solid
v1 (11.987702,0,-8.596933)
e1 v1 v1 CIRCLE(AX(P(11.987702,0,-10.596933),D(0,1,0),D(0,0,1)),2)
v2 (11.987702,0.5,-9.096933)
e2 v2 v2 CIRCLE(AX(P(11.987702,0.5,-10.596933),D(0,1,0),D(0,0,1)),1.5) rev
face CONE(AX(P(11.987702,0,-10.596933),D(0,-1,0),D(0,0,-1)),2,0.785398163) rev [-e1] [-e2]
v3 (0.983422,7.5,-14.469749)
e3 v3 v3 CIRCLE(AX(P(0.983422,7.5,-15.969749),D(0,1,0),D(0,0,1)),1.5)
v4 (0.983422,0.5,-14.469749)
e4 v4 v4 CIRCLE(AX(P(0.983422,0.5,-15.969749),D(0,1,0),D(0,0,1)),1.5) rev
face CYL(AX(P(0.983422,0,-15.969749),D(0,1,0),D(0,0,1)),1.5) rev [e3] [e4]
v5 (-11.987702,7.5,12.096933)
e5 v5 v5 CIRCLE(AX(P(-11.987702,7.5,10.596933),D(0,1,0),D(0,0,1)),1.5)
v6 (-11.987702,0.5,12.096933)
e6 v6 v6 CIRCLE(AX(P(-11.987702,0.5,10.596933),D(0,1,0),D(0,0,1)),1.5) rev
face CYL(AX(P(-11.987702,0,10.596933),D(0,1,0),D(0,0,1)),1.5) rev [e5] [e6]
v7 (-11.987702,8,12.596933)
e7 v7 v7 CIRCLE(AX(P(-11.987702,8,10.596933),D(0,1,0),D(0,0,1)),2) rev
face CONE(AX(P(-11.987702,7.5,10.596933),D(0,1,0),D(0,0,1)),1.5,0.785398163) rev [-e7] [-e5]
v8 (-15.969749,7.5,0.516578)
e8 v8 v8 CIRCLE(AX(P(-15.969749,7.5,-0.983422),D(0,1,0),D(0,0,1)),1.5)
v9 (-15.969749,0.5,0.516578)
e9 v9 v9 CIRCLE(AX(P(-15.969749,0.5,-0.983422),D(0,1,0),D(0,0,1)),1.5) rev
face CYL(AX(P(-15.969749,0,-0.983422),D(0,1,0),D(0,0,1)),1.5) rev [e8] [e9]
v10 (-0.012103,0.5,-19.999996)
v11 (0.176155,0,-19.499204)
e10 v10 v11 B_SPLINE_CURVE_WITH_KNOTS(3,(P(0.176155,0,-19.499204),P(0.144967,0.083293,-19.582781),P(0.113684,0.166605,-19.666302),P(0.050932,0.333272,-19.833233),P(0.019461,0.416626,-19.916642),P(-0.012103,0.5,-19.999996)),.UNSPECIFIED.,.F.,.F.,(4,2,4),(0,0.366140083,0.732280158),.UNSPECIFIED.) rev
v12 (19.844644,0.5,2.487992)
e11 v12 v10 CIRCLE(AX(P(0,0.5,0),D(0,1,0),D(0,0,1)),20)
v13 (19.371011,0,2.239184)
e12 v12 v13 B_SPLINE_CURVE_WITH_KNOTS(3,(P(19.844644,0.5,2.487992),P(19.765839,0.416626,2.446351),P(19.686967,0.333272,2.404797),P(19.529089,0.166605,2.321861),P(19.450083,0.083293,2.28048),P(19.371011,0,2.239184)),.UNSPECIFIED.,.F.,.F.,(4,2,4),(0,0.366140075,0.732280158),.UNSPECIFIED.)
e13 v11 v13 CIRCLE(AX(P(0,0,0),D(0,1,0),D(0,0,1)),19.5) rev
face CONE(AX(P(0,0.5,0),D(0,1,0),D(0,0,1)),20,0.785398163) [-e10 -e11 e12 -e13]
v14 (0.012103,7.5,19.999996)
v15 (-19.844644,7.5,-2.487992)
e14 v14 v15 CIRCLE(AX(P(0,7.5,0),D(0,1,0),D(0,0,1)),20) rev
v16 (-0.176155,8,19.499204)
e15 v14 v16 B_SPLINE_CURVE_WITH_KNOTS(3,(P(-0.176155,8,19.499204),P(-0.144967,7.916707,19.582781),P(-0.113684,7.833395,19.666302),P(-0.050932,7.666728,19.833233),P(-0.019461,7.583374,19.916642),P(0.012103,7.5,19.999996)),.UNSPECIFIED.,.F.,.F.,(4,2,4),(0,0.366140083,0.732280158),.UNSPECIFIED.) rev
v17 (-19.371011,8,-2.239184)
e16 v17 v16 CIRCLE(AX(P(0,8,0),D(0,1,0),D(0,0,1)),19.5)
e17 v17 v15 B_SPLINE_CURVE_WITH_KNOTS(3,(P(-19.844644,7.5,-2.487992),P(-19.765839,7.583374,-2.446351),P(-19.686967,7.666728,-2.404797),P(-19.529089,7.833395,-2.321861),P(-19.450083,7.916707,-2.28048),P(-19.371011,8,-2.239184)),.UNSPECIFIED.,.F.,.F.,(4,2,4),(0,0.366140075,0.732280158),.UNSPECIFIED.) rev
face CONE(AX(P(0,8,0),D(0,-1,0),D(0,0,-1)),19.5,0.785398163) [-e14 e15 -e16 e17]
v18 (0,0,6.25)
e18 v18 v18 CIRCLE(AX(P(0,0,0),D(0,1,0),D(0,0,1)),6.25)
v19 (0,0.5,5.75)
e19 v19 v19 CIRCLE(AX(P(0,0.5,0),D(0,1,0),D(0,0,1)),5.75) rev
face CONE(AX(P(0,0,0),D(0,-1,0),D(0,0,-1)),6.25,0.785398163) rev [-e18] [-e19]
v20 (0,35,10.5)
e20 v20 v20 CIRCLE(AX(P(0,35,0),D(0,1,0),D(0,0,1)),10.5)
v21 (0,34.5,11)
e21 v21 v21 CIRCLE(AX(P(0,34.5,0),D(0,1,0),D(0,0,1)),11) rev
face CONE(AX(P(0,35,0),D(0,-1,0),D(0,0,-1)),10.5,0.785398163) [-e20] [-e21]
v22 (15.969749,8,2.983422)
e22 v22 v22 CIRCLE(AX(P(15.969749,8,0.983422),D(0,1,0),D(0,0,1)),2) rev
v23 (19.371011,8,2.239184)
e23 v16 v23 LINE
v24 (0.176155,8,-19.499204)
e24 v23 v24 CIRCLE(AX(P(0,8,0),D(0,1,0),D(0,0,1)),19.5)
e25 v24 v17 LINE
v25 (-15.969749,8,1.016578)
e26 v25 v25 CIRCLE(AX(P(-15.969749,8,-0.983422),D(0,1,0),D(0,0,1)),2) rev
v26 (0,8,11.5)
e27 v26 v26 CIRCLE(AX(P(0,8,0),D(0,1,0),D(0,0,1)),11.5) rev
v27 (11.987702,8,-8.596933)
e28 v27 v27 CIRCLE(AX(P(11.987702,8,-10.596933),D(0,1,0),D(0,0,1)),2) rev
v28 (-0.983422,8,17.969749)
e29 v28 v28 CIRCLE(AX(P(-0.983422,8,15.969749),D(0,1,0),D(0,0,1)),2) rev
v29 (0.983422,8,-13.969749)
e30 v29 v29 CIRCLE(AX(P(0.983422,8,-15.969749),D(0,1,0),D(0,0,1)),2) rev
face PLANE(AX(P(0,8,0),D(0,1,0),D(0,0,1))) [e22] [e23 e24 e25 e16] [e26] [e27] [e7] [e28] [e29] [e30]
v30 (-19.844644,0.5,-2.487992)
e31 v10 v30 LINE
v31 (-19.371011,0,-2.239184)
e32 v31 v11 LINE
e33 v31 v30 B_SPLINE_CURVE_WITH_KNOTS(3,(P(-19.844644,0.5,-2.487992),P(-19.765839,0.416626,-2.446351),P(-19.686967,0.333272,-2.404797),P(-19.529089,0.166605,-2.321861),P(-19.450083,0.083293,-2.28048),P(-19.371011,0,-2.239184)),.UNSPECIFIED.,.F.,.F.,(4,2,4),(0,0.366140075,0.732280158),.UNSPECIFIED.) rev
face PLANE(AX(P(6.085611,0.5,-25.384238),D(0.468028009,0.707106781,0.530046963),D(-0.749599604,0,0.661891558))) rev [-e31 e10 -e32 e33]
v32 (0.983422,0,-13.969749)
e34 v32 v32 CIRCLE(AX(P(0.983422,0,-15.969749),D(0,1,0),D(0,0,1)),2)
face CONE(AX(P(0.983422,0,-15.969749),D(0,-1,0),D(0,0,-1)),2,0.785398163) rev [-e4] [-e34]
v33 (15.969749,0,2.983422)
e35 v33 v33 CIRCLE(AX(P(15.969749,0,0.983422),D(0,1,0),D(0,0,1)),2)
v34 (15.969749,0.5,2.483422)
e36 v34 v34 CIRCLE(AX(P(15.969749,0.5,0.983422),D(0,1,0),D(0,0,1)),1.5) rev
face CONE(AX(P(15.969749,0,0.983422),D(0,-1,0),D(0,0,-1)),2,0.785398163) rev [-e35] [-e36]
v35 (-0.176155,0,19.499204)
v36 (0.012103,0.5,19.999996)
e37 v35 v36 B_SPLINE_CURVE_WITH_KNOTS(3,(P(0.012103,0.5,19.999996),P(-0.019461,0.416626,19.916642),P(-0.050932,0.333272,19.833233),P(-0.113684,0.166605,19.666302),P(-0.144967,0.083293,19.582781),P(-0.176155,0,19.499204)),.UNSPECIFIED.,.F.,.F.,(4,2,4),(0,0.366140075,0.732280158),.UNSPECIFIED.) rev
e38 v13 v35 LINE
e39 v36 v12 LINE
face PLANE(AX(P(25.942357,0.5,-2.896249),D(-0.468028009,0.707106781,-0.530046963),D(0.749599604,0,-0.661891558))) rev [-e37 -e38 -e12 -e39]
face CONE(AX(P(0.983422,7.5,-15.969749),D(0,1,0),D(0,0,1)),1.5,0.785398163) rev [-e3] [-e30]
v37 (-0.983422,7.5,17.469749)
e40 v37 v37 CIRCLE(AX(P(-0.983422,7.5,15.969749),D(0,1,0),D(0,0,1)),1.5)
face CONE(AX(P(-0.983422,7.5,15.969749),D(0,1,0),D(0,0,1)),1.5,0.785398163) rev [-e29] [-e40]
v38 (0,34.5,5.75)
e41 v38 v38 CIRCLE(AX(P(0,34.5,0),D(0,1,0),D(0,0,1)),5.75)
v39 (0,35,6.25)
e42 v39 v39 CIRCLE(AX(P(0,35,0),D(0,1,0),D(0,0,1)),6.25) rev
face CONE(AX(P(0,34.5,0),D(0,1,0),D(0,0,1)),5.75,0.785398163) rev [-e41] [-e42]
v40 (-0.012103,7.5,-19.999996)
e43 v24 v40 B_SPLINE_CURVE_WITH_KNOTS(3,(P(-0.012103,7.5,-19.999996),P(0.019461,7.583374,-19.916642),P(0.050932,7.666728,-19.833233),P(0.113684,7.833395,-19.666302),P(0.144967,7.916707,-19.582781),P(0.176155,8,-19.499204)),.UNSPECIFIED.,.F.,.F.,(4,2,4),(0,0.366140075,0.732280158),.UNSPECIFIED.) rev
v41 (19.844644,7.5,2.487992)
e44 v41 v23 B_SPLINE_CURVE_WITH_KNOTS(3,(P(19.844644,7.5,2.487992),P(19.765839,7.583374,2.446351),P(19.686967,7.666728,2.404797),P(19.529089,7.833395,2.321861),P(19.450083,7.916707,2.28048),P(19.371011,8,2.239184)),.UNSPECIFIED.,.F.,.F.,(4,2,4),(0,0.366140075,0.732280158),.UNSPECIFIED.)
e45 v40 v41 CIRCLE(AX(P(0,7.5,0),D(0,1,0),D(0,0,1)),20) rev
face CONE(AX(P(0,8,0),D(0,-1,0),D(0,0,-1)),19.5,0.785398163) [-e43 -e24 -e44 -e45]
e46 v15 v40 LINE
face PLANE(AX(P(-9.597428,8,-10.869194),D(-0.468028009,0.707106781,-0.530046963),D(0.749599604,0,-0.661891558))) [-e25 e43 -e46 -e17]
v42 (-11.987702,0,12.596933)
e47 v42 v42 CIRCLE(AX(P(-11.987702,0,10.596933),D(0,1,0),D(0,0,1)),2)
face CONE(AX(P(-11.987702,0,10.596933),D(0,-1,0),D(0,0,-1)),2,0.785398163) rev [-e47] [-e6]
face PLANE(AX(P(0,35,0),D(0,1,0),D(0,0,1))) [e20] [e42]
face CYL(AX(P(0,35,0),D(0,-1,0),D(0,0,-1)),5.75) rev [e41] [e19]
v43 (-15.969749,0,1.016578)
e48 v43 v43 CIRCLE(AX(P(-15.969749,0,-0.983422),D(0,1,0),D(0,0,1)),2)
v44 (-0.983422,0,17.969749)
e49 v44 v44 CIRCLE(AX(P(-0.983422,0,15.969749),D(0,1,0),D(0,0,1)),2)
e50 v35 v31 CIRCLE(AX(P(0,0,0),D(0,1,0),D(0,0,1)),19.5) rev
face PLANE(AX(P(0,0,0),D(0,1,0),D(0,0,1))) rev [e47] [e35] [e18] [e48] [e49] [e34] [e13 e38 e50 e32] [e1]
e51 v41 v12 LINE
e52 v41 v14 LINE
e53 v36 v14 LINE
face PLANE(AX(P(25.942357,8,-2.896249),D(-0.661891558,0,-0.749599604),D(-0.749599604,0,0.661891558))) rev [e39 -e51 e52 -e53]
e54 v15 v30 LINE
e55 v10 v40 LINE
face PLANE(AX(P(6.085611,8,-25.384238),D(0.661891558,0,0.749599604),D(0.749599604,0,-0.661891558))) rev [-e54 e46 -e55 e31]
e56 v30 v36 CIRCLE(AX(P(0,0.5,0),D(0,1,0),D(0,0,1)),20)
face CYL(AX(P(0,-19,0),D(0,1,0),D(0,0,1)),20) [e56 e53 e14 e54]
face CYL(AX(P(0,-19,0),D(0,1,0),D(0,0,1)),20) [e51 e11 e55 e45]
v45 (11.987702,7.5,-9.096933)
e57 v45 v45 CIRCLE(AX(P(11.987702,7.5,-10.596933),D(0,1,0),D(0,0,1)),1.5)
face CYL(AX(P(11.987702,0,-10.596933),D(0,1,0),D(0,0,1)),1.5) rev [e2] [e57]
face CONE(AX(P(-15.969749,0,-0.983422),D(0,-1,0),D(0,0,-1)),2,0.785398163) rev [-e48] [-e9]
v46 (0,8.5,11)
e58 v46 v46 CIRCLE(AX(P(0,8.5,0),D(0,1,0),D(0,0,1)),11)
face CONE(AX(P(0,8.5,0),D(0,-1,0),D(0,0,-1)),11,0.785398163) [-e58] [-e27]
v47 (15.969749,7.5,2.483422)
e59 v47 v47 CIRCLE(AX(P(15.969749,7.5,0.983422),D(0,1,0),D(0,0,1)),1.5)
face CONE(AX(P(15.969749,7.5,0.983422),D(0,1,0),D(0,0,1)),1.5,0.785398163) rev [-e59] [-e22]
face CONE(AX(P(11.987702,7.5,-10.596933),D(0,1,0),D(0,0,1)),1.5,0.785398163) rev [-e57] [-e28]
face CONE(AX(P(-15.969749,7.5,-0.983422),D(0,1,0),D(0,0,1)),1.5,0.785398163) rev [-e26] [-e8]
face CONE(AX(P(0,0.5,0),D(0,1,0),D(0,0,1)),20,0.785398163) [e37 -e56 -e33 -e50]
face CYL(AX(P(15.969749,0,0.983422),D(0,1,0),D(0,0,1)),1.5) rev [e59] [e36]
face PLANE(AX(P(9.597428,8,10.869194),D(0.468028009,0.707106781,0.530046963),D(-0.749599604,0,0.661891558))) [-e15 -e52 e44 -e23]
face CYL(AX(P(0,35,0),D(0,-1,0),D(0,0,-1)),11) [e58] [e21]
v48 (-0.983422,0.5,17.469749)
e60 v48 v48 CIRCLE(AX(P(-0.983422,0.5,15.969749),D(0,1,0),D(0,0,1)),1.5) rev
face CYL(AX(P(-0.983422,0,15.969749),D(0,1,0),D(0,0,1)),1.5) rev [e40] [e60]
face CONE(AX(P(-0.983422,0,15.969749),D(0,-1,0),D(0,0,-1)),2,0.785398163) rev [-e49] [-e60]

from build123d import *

# Parameters (mm, degrees)
EXTRUDE_1_DEPTH     = 8
SKETCH_2_R          = 11
SKETCH_2_R_2        = 5.75
EXTRUDE_2_DEPTH     = 27
CUT_EXTRUDE_START   = -27
SKETCH_3_R          = 5.75
CUT_EXTRUDE_1_DEPTH = 27
SKETCH_4_R          = 43.168143545
SKETCH_4_R_2        = 20
CUT_EXTRUDE_2_DEPTH = 27
SKETCH_5_R          = 1.5
CUT_EXTRUDE_3_DEPTH = 40.102429592
CHAMFER_1_SIZE      = 0.5


with BuildPart() as part:
    # 草图1 → 凸台-拉伸1 (new body)
    with BuildSketch(Plane(origin=(0, 0, 0), x_dir=(1, 0, 0), z_dir=(0, 1, 0))):
        with BuildLine():
            Line((6.085610762, 25.384237528), (-25.942357498, -2.896249422))
            ThreePointArc((-25.942357498, -2.896249422), (-19.567194229, -17.277704803), (-6.085610762, -25.384237528))
            Line((-6.085610762, -25.384237528), (25.942357498, 2.896249422))
            ThreePointArc((25.942357498, 2.896249422), (19.567194229, 17.277704803), (6.085610762, 25.384237528))
        make_face()
    extrude(amount=EXTRUDE_1_DEPTH)

    # 草图2 → 凸台-拉伸2 (add)
    with BuildSketch(Plane(origin=(0, 8, 0), x_dir=(1, 0, 0), z_dir=(0, 1, 0))):
        with Locations(Location((0, 0, 0), (0, 0, 270))):
            Circle(SKETCH_2_R)
        with Locations(Location((0, 0, 0), (0, 0, 270))):
            Circle(SKETCH_2_R_2, mode=Mode.SUBTRACT)
    extrude(amount=EXTRUDE_2_DEPTH)

    # 草图3 → 切除-拉伸1 (cut)
    with BuildSketch(Plane(origin=(0, 8, 0), x_dir=(1, 0, 0), z_dir=(0, 1, 0)).offset(CUT_EXTRUDE_START)):
        with Locations(Location((0, 0, 0), (0, 0, 270))):
            Circle(SKETCH_3_R)
    extrude(amount=CUT_EXTRUDE_1_DEPTH, mode=Mode.SUBTRACT)

    # 草图4 → 切除-拉伸2 (cut)
    with BuildSketch(Plane(origin=(0, 8, 0), x_dir=(1, 0, 0), z_dir=(0, 1, 0))):
        Circle(SKETCH_4_R)
        Circle(SKETCH_4_R_2, mode=Mode.SUBTRACT)
    extrude(amount=-CUT_EXTRUDE_2_DEPTH, mode=Mode.SUBTRACT)

    # 草图5 → 切除-拉伸3 (cut, through all)
    with BuildSketch(Plane(origin=(0, 8, 0), x_dir=(1, 0, 0), z_dir=(0, 1, 0))):
        with Locations(Location((0.983422311, 15.96974892, 0), (0, 0, 270))):
            Circle(SKETCH_5_R)
        with Locations(Location((11.98770234, 10.59693317, 0), (0, 0, 270))):
            Circle(SKETCH_5_R)
        with Locations(Location((15.96974892, -0.983422311, 0), (0, 0, 270))):
            Circle(SKETCH_5_R)
        with Locations(Location((-0.983422311, -15.96974892, 0), (0, 0, 270))):
            Circle(SKETCH_5_R)
        with Locations(Location((-11.98770234, -10.59693317, 0), (0, 0, 270))):
            Circle(SKETCH_5_R)
        with Locations(Location((-15.96974892, 0.983422311, 0), (0, 0, 270))):
            Circle(SKETCH_5_R)
    extrude(amount=-CUT_EXTRUDE_3_DEPTH, mode=Mode.SUBTRACT)

    # 倒角1
    chamfer_1_edges = [part.edges().sort_by_distance(p)[0] for p in [
        (0, 35, -11),
        (0, 8, -11),
        (0, 35, -5.75),
        (0, 0, -5.75),
        (9.928373368, 0, 11.243994053),
        (-9.928373368, 0, -11.243994053),
        (-14.991992071, 0, 13.237831157),
        (14.991992071, 0, -13.237831157),
        (9.928373368, 8, 11.243994053),
        (-9.928373368, 8, -11.243994053),
        (14.991992071, 8, -13.237831157),
        (-14.991992071, 8, 13.237831157),
        (0.983422311, 0, -17.46974892),
        (0.983422311, 8, -17.46974892),
        (11.98770234, 0, -12.09693317),
        (11.98770234, 8, -12.09693317),
        (15.96974892, 0, -0.516577689),
        (15.96974892, 8, -0.516577689),
        (-0.983422311, 0, 14.46974892),
        (-0.983422311, 8, 14.46974892),
        (-11.98770234, 0, 9.09693317),
        (-11.98770234, 8, 9.09693317),
        (-15.96974892, 0, -2.483422311),
        (-15.96974892, 8, -2.483422311),
    ]]
    chamfer(chamfer_1_edges, length=CHAMFER_1_SIZE)


solid = part.part
